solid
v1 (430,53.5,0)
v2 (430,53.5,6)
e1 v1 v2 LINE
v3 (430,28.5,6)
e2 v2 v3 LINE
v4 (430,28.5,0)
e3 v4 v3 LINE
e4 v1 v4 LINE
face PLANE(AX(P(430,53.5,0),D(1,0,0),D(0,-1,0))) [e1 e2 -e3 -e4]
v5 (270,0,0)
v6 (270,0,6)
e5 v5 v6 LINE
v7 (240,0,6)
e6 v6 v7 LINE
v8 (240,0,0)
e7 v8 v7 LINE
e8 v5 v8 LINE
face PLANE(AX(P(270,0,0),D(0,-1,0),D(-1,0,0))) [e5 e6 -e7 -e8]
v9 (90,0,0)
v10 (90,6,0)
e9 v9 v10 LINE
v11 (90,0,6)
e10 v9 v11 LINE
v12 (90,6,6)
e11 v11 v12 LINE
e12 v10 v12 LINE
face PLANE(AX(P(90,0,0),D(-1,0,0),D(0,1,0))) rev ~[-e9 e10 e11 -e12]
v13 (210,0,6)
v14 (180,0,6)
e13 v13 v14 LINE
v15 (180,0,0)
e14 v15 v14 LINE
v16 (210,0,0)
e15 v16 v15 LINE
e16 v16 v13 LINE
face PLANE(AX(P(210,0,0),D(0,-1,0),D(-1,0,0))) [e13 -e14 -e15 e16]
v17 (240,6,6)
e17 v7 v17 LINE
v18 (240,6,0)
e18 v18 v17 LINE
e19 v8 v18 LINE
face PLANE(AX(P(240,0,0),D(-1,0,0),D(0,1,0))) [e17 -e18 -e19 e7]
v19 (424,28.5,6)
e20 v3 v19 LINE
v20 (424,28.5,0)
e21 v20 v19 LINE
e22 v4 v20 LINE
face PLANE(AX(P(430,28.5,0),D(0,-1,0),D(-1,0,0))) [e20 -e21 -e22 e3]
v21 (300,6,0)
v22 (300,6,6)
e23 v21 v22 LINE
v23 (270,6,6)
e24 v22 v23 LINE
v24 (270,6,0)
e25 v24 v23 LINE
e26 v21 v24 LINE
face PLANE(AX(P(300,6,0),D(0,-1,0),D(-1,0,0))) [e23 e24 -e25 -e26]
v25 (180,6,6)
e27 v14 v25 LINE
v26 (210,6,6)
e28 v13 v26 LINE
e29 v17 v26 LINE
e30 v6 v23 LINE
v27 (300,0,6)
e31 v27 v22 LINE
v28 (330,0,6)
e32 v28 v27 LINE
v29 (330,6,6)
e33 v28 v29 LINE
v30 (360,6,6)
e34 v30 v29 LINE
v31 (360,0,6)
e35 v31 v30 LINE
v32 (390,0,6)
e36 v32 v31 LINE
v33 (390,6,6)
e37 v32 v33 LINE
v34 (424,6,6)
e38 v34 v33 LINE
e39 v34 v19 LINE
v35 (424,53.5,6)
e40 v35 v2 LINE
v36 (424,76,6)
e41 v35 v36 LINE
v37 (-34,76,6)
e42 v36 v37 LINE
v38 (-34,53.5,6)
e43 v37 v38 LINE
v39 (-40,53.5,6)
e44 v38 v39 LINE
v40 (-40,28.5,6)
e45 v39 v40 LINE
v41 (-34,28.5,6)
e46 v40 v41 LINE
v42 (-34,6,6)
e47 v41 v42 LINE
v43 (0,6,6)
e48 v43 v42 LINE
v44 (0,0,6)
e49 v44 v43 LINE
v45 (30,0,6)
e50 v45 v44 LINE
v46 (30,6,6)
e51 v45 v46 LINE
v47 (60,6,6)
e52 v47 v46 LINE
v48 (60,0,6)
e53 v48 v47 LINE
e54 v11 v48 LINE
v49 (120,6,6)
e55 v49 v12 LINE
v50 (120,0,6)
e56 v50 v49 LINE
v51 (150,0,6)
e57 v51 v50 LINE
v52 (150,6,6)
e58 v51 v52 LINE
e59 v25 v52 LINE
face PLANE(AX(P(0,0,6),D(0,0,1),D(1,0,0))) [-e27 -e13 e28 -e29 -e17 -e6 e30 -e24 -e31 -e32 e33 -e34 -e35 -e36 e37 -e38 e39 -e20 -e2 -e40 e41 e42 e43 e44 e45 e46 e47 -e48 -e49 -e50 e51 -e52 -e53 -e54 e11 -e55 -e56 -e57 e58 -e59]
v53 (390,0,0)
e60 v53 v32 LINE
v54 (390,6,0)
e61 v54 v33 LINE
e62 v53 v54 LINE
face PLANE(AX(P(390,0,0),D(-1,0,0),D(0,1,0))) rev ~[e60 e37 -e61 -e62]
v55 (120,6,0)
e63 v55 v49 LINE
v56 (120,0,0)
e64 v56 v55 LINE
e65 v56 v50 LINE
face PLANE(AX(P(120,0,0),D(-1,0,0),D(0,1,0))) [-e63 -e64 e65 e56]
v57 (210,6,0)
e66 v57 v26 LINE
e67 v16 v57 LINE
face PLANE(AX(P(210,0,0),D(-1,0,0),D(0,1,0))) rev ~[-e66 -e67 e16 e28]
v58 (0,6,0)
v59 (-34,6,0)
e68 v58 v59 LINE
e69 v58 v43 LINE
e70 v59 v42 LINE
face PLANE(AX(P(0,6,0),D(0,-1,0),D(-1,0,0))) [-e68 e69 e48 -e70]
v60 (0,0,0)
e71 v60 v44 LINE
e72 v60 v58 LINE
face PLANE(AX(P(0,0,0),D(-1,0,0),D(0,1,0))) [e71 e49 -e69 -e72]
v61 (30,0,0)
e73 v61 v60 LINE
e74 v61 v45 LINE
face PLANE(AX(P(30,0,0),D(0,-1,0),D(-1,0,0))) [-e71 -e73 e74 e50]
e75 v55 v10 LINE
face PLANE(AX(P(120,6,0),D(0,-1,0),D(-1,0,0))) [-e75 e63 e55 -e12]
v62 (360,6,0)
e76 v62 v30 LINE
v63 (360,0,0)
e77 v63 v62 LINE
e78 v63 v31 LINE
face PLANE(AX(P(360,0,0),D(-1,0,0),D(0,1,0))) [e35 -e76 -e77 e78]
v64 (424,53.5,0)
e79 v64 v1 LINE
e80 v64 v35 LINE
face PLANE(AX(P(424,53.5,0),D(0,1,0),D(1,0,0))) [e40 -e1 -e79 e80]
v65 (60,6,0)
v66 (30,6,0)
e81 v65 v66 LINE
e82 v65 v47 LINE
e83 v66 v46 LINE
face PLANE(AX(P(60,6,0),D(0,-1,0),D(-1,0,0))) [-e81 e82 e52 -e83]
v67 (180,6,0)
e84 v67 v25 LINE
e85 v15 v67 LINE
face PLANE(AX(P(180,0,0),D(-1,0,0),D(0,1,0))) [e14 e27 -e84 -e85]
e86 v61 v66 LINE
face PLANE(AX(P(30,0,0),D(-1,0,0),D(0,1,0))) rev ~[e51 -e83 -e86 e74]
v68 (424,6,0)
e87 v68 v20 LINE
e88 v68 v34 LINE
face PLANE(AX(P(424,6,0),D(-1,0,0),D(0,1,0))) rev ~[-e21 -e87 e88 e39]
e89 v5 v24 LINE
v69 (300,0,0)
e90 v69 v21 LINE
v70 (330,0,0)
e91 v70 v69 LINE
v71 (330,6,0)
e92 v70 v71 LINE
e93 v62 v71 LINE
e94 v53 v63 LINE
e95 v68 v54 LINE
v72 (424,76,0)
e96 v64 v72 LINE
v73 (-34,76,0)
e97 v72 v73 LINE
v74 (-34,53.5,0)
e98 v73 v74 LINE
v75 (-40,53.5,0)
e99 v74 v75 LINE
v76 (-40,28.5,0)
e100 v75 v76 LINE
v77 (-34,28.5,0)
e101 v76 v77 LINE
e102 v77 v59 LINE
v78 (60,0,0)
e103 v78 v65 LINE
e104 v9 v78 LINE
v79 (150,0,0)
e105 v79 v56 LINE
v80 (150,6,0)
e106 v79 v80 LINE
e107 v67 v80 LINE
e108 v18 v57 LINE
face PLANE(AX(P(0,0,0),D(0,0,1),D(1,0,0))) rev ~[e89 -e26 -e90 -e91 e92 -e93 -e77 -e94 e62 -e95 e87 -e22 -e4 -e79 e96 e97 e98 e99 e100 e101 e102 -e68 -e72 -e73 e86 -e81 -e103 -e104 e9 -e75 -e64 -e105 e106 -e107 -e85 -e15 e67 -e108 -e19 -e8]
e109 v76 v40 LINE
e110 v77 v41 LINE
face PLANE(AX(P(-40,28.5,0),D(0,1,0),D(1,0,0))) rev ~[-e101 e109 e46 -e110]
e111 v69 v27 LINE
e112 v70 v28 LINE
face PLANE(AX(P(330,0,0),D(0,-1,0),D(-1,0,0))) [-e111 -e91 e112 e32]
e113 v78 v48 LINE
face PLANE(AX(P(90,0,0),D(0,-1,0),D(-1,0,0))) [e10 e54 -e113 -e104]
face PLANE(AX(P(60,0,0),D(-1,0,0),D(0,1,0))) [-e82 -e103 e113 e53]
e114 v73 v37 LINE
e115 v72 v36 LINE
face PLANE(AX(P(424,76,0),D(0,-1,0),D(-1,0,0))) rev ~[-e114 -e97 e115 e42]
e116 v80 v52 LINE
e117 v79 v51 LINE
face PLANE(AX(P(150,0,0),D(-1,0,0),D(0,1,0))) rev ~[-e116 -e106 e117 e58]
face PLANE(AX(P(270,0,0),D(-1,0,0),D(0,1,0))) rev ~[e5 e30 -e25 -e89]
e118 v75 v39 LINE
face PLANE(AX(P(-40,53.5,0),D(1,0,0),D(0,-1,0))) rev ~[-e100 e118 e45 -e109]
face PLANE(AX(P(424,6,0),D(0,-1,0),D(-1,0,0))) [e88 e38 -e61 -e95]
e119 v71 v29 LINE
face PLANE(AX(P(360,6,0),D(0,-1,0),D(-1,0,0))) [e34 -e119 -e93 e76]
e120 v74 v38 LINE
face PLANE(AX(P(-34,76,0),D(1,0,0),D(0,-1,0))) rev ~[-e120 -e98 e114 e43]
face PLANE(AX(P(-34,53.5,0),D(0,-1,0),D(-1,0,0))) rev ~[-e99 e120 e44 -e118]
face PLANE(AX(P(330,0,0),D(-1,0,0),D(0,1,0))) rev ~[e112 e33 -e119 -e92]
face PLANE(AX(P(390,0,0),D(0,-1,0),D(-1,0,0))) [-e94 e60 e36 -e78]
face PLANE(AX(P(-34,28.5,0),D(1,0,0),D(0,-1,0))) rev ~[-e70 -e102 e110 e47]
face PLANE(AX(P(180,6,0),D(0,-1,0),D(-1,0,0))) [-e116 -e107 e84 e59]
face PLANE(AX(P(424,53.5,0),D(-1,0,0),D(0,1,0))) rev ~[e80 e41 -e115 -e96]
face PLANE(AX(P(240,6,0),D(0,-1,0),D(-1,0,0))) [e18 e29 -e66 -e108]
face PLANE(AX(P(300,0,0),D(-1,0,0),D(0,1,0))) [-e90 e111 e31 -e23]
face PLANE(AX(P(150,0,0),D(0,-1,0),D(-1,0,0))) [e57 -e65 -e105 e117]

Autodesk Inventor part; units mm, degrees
ref_plane "YZ Plane" through (0, 0, 0) normal (1, 0, 0) x (0, 1, 0)
ref_plane "XZ Plane" through (0, 0, 0) normal (0, 1, 0) x (-1, 0, 0)
ref_plane "XY Plane" through (0, 0, 0) normal (0, 0, 1) x (1, 0, 0)
ref_plane "Work Plane1" through (0, 0, 0) normal (0, 0, 1) x (1, 0, 0)
sketch "Sketch1" plane through (0, 0, 0) normal (0, 0, 1) x (1, 0, 0)
  line L0 (-34, 6) -> (-34, 0)
  line L1 (-34, 0) -> (0, 0)
  line L2 (0, 0) -> (0, 6)
  line L3 (0, 6) -> (-34, 6)
  line L4 (0, 6) -> (30, 6)
  line L5 (0, 0) -> (0, 6)
  line L6 (30, 0) -> (0, 0)
  line L7 (30, 0) -> (30, 6)
  line L8 (30, 6) -> (30, 0)
  line L9 (30, 0) -> (60, 0)
  line L10 (60, 0) -> (60, 6)
  line L11 (60, 6) -> (30, 6)
  line L12 (60, 6) -> (90, 6)
  line L13 (60, 0) -> (60, 6)
  line L14 (90, 0) -> (60, 0)
  line L15 (90, 0) -> (90, 6)
  line L16 (90, 6) -> (90, 0)
  line L17 (90, 0) -> (120, 0)
  line L18 (120, 0) -> (120, 6)
  line L19 (120, 6) -> (90, 6)
  line L20 (120, 6) -> (150, 6)
  line L21 (120, 0) -> (120, 6)
  line L22 (150, 0) -> (120, 0)
  line L23 (150, 0) -> (150, 6)
  line L24 (150, 6) -> (150, 0)
  line L25 (150, 0) -> (180, 0)
  line L26 (180, 0) -> (180, 6)
  line L27 (180, 6) -> (150, 6)
  line L28 (180, 6) -> (210, 6)
  line L29 (180, 6) -> (210, 6)
  line L30 (180, 0) -> (180, 6)
  line L31 (210, 0) -> (180, 0)
  line L32 (210, 0) -> (210, 6)
  line L33 (240, 0) -> (240, 6)
  line L34 (240, 6) -> (210, 6)
  line L35 (210, 6) -> (210, 0)
  line L36 (210, 0) -> (240, 0)
  line L37 (240, 6) -> (270, 6)
  line L38 (240, 0) -> (240, 6)
  line L39 (270, 0) -> (240, 0)
  line L40 (270, 0) -> (270, 6)
  line L41 (300, 0) -> (300, 6)
  line L42 (300, 6) -> (270, 6)
  line L43 (270, 6) -> (270, 0)
  line L44 (270, 0) -> (300, 0)
  line L45 (300, 6) -> (330, 6)
  line L46 (300, 0) -> (300, 6)
  line L47 (330, 0) -> (300, 0)
  line L48 (330, 0) -> (330, 6)
  line L49 (360, 0) -> (360, 6)
  line L50 (360, 6) -> (330, 6)
  line L51 (330, 6) -> (330, 0)
  line L52 (330, 0) -> (360, 0)
  line L53 (360, 6) -> (390, 6)
  line L54 (360, 0) -> (360, 6)
  line L55 (390, 0) -> (360, 0)
  line L56 (390, 0) -> (390, 6)
  line L57 (424, 0) -> (424, 6)
  line L58 (424, 6) -> (390, 6)
  line L59 (390, 6) -> (390, 0)
  line L60 (390, 0) -> (424, 0)
  line L61 (-34, 6) -> (424, 6)
  line L62 (424, 6) -> (424, 76)
  line L63 (424, 76) -> (-34, 76)
  line L64 (-34, 76) -> (-34, 6)
  line L65 (401, 57.7) -> (300, 57.7)
  line L66 (-34, 53.5) -> (-40, 53.5)
  line L67 (-40, 53.5) -> (-40, 28.5)
  line L68 (-40, 28.5) -> (-34, 28.5)
  line L69 (-34, 28.5) -> (-34, 53.5)
  line L70 (424, 53.5) -> (430, 53.5)
  line L71 (430, 53.5) -> (430, 28.5)
  line L72 (430, 28.5) -> (424, 28.5)
  line L73 (424, 28.5) -> (424, 53.5)
  point P0 (430, 41)
  point P1 (424, 41)
  point P2 (-40, 41)
  point P3 (-34, 41)
  point P4 (-34, 41)
  dimension "d0" = 70
  dimension "d2" = 6
  dimension "d3" = 6
  dimension "d4" = 25
extrude "Plate1" add sketch "Sketch1" along normal blind 6 contours L64 L63 L62 L58 L53 L50 L45 L42 L37 L34 L28 L27 L20 L19 L12 L11 L4 L3 | L4 L7 L6 L2 | L68 L67 L66 L64 | L12 L15 L14 L10 | L20 L23 L22 L18 | L70 L71 L72 L62 | L28 L32 L31 L26 | L56 L55 L49 L53 | L37 L40 L39 L33 | L48 L47 L41 L45
equation "\"d1\" = Thickness"
equation "\"BendRadius\" = Thickness"
equation "\"BendReliefWidth\" = Thickness"
equation "\"BendReliefDepth\" = 0.5 * Thickness"
equation "\"CornerReliefSize\" = 4 * Thickness"
equation "\"MinimumRemnant\" = 2 * Thickness"
equation "\"TransitionRadius\" = BendRadius"
equation "\"JacobiRadiusSize\" = BendRadius"
equation "\"GapSize\" = Thickness"
equation "\"Thickness\" = 6"
properties part number "voorzijde boven elektrobox v2" material "Wood (Birch)"
